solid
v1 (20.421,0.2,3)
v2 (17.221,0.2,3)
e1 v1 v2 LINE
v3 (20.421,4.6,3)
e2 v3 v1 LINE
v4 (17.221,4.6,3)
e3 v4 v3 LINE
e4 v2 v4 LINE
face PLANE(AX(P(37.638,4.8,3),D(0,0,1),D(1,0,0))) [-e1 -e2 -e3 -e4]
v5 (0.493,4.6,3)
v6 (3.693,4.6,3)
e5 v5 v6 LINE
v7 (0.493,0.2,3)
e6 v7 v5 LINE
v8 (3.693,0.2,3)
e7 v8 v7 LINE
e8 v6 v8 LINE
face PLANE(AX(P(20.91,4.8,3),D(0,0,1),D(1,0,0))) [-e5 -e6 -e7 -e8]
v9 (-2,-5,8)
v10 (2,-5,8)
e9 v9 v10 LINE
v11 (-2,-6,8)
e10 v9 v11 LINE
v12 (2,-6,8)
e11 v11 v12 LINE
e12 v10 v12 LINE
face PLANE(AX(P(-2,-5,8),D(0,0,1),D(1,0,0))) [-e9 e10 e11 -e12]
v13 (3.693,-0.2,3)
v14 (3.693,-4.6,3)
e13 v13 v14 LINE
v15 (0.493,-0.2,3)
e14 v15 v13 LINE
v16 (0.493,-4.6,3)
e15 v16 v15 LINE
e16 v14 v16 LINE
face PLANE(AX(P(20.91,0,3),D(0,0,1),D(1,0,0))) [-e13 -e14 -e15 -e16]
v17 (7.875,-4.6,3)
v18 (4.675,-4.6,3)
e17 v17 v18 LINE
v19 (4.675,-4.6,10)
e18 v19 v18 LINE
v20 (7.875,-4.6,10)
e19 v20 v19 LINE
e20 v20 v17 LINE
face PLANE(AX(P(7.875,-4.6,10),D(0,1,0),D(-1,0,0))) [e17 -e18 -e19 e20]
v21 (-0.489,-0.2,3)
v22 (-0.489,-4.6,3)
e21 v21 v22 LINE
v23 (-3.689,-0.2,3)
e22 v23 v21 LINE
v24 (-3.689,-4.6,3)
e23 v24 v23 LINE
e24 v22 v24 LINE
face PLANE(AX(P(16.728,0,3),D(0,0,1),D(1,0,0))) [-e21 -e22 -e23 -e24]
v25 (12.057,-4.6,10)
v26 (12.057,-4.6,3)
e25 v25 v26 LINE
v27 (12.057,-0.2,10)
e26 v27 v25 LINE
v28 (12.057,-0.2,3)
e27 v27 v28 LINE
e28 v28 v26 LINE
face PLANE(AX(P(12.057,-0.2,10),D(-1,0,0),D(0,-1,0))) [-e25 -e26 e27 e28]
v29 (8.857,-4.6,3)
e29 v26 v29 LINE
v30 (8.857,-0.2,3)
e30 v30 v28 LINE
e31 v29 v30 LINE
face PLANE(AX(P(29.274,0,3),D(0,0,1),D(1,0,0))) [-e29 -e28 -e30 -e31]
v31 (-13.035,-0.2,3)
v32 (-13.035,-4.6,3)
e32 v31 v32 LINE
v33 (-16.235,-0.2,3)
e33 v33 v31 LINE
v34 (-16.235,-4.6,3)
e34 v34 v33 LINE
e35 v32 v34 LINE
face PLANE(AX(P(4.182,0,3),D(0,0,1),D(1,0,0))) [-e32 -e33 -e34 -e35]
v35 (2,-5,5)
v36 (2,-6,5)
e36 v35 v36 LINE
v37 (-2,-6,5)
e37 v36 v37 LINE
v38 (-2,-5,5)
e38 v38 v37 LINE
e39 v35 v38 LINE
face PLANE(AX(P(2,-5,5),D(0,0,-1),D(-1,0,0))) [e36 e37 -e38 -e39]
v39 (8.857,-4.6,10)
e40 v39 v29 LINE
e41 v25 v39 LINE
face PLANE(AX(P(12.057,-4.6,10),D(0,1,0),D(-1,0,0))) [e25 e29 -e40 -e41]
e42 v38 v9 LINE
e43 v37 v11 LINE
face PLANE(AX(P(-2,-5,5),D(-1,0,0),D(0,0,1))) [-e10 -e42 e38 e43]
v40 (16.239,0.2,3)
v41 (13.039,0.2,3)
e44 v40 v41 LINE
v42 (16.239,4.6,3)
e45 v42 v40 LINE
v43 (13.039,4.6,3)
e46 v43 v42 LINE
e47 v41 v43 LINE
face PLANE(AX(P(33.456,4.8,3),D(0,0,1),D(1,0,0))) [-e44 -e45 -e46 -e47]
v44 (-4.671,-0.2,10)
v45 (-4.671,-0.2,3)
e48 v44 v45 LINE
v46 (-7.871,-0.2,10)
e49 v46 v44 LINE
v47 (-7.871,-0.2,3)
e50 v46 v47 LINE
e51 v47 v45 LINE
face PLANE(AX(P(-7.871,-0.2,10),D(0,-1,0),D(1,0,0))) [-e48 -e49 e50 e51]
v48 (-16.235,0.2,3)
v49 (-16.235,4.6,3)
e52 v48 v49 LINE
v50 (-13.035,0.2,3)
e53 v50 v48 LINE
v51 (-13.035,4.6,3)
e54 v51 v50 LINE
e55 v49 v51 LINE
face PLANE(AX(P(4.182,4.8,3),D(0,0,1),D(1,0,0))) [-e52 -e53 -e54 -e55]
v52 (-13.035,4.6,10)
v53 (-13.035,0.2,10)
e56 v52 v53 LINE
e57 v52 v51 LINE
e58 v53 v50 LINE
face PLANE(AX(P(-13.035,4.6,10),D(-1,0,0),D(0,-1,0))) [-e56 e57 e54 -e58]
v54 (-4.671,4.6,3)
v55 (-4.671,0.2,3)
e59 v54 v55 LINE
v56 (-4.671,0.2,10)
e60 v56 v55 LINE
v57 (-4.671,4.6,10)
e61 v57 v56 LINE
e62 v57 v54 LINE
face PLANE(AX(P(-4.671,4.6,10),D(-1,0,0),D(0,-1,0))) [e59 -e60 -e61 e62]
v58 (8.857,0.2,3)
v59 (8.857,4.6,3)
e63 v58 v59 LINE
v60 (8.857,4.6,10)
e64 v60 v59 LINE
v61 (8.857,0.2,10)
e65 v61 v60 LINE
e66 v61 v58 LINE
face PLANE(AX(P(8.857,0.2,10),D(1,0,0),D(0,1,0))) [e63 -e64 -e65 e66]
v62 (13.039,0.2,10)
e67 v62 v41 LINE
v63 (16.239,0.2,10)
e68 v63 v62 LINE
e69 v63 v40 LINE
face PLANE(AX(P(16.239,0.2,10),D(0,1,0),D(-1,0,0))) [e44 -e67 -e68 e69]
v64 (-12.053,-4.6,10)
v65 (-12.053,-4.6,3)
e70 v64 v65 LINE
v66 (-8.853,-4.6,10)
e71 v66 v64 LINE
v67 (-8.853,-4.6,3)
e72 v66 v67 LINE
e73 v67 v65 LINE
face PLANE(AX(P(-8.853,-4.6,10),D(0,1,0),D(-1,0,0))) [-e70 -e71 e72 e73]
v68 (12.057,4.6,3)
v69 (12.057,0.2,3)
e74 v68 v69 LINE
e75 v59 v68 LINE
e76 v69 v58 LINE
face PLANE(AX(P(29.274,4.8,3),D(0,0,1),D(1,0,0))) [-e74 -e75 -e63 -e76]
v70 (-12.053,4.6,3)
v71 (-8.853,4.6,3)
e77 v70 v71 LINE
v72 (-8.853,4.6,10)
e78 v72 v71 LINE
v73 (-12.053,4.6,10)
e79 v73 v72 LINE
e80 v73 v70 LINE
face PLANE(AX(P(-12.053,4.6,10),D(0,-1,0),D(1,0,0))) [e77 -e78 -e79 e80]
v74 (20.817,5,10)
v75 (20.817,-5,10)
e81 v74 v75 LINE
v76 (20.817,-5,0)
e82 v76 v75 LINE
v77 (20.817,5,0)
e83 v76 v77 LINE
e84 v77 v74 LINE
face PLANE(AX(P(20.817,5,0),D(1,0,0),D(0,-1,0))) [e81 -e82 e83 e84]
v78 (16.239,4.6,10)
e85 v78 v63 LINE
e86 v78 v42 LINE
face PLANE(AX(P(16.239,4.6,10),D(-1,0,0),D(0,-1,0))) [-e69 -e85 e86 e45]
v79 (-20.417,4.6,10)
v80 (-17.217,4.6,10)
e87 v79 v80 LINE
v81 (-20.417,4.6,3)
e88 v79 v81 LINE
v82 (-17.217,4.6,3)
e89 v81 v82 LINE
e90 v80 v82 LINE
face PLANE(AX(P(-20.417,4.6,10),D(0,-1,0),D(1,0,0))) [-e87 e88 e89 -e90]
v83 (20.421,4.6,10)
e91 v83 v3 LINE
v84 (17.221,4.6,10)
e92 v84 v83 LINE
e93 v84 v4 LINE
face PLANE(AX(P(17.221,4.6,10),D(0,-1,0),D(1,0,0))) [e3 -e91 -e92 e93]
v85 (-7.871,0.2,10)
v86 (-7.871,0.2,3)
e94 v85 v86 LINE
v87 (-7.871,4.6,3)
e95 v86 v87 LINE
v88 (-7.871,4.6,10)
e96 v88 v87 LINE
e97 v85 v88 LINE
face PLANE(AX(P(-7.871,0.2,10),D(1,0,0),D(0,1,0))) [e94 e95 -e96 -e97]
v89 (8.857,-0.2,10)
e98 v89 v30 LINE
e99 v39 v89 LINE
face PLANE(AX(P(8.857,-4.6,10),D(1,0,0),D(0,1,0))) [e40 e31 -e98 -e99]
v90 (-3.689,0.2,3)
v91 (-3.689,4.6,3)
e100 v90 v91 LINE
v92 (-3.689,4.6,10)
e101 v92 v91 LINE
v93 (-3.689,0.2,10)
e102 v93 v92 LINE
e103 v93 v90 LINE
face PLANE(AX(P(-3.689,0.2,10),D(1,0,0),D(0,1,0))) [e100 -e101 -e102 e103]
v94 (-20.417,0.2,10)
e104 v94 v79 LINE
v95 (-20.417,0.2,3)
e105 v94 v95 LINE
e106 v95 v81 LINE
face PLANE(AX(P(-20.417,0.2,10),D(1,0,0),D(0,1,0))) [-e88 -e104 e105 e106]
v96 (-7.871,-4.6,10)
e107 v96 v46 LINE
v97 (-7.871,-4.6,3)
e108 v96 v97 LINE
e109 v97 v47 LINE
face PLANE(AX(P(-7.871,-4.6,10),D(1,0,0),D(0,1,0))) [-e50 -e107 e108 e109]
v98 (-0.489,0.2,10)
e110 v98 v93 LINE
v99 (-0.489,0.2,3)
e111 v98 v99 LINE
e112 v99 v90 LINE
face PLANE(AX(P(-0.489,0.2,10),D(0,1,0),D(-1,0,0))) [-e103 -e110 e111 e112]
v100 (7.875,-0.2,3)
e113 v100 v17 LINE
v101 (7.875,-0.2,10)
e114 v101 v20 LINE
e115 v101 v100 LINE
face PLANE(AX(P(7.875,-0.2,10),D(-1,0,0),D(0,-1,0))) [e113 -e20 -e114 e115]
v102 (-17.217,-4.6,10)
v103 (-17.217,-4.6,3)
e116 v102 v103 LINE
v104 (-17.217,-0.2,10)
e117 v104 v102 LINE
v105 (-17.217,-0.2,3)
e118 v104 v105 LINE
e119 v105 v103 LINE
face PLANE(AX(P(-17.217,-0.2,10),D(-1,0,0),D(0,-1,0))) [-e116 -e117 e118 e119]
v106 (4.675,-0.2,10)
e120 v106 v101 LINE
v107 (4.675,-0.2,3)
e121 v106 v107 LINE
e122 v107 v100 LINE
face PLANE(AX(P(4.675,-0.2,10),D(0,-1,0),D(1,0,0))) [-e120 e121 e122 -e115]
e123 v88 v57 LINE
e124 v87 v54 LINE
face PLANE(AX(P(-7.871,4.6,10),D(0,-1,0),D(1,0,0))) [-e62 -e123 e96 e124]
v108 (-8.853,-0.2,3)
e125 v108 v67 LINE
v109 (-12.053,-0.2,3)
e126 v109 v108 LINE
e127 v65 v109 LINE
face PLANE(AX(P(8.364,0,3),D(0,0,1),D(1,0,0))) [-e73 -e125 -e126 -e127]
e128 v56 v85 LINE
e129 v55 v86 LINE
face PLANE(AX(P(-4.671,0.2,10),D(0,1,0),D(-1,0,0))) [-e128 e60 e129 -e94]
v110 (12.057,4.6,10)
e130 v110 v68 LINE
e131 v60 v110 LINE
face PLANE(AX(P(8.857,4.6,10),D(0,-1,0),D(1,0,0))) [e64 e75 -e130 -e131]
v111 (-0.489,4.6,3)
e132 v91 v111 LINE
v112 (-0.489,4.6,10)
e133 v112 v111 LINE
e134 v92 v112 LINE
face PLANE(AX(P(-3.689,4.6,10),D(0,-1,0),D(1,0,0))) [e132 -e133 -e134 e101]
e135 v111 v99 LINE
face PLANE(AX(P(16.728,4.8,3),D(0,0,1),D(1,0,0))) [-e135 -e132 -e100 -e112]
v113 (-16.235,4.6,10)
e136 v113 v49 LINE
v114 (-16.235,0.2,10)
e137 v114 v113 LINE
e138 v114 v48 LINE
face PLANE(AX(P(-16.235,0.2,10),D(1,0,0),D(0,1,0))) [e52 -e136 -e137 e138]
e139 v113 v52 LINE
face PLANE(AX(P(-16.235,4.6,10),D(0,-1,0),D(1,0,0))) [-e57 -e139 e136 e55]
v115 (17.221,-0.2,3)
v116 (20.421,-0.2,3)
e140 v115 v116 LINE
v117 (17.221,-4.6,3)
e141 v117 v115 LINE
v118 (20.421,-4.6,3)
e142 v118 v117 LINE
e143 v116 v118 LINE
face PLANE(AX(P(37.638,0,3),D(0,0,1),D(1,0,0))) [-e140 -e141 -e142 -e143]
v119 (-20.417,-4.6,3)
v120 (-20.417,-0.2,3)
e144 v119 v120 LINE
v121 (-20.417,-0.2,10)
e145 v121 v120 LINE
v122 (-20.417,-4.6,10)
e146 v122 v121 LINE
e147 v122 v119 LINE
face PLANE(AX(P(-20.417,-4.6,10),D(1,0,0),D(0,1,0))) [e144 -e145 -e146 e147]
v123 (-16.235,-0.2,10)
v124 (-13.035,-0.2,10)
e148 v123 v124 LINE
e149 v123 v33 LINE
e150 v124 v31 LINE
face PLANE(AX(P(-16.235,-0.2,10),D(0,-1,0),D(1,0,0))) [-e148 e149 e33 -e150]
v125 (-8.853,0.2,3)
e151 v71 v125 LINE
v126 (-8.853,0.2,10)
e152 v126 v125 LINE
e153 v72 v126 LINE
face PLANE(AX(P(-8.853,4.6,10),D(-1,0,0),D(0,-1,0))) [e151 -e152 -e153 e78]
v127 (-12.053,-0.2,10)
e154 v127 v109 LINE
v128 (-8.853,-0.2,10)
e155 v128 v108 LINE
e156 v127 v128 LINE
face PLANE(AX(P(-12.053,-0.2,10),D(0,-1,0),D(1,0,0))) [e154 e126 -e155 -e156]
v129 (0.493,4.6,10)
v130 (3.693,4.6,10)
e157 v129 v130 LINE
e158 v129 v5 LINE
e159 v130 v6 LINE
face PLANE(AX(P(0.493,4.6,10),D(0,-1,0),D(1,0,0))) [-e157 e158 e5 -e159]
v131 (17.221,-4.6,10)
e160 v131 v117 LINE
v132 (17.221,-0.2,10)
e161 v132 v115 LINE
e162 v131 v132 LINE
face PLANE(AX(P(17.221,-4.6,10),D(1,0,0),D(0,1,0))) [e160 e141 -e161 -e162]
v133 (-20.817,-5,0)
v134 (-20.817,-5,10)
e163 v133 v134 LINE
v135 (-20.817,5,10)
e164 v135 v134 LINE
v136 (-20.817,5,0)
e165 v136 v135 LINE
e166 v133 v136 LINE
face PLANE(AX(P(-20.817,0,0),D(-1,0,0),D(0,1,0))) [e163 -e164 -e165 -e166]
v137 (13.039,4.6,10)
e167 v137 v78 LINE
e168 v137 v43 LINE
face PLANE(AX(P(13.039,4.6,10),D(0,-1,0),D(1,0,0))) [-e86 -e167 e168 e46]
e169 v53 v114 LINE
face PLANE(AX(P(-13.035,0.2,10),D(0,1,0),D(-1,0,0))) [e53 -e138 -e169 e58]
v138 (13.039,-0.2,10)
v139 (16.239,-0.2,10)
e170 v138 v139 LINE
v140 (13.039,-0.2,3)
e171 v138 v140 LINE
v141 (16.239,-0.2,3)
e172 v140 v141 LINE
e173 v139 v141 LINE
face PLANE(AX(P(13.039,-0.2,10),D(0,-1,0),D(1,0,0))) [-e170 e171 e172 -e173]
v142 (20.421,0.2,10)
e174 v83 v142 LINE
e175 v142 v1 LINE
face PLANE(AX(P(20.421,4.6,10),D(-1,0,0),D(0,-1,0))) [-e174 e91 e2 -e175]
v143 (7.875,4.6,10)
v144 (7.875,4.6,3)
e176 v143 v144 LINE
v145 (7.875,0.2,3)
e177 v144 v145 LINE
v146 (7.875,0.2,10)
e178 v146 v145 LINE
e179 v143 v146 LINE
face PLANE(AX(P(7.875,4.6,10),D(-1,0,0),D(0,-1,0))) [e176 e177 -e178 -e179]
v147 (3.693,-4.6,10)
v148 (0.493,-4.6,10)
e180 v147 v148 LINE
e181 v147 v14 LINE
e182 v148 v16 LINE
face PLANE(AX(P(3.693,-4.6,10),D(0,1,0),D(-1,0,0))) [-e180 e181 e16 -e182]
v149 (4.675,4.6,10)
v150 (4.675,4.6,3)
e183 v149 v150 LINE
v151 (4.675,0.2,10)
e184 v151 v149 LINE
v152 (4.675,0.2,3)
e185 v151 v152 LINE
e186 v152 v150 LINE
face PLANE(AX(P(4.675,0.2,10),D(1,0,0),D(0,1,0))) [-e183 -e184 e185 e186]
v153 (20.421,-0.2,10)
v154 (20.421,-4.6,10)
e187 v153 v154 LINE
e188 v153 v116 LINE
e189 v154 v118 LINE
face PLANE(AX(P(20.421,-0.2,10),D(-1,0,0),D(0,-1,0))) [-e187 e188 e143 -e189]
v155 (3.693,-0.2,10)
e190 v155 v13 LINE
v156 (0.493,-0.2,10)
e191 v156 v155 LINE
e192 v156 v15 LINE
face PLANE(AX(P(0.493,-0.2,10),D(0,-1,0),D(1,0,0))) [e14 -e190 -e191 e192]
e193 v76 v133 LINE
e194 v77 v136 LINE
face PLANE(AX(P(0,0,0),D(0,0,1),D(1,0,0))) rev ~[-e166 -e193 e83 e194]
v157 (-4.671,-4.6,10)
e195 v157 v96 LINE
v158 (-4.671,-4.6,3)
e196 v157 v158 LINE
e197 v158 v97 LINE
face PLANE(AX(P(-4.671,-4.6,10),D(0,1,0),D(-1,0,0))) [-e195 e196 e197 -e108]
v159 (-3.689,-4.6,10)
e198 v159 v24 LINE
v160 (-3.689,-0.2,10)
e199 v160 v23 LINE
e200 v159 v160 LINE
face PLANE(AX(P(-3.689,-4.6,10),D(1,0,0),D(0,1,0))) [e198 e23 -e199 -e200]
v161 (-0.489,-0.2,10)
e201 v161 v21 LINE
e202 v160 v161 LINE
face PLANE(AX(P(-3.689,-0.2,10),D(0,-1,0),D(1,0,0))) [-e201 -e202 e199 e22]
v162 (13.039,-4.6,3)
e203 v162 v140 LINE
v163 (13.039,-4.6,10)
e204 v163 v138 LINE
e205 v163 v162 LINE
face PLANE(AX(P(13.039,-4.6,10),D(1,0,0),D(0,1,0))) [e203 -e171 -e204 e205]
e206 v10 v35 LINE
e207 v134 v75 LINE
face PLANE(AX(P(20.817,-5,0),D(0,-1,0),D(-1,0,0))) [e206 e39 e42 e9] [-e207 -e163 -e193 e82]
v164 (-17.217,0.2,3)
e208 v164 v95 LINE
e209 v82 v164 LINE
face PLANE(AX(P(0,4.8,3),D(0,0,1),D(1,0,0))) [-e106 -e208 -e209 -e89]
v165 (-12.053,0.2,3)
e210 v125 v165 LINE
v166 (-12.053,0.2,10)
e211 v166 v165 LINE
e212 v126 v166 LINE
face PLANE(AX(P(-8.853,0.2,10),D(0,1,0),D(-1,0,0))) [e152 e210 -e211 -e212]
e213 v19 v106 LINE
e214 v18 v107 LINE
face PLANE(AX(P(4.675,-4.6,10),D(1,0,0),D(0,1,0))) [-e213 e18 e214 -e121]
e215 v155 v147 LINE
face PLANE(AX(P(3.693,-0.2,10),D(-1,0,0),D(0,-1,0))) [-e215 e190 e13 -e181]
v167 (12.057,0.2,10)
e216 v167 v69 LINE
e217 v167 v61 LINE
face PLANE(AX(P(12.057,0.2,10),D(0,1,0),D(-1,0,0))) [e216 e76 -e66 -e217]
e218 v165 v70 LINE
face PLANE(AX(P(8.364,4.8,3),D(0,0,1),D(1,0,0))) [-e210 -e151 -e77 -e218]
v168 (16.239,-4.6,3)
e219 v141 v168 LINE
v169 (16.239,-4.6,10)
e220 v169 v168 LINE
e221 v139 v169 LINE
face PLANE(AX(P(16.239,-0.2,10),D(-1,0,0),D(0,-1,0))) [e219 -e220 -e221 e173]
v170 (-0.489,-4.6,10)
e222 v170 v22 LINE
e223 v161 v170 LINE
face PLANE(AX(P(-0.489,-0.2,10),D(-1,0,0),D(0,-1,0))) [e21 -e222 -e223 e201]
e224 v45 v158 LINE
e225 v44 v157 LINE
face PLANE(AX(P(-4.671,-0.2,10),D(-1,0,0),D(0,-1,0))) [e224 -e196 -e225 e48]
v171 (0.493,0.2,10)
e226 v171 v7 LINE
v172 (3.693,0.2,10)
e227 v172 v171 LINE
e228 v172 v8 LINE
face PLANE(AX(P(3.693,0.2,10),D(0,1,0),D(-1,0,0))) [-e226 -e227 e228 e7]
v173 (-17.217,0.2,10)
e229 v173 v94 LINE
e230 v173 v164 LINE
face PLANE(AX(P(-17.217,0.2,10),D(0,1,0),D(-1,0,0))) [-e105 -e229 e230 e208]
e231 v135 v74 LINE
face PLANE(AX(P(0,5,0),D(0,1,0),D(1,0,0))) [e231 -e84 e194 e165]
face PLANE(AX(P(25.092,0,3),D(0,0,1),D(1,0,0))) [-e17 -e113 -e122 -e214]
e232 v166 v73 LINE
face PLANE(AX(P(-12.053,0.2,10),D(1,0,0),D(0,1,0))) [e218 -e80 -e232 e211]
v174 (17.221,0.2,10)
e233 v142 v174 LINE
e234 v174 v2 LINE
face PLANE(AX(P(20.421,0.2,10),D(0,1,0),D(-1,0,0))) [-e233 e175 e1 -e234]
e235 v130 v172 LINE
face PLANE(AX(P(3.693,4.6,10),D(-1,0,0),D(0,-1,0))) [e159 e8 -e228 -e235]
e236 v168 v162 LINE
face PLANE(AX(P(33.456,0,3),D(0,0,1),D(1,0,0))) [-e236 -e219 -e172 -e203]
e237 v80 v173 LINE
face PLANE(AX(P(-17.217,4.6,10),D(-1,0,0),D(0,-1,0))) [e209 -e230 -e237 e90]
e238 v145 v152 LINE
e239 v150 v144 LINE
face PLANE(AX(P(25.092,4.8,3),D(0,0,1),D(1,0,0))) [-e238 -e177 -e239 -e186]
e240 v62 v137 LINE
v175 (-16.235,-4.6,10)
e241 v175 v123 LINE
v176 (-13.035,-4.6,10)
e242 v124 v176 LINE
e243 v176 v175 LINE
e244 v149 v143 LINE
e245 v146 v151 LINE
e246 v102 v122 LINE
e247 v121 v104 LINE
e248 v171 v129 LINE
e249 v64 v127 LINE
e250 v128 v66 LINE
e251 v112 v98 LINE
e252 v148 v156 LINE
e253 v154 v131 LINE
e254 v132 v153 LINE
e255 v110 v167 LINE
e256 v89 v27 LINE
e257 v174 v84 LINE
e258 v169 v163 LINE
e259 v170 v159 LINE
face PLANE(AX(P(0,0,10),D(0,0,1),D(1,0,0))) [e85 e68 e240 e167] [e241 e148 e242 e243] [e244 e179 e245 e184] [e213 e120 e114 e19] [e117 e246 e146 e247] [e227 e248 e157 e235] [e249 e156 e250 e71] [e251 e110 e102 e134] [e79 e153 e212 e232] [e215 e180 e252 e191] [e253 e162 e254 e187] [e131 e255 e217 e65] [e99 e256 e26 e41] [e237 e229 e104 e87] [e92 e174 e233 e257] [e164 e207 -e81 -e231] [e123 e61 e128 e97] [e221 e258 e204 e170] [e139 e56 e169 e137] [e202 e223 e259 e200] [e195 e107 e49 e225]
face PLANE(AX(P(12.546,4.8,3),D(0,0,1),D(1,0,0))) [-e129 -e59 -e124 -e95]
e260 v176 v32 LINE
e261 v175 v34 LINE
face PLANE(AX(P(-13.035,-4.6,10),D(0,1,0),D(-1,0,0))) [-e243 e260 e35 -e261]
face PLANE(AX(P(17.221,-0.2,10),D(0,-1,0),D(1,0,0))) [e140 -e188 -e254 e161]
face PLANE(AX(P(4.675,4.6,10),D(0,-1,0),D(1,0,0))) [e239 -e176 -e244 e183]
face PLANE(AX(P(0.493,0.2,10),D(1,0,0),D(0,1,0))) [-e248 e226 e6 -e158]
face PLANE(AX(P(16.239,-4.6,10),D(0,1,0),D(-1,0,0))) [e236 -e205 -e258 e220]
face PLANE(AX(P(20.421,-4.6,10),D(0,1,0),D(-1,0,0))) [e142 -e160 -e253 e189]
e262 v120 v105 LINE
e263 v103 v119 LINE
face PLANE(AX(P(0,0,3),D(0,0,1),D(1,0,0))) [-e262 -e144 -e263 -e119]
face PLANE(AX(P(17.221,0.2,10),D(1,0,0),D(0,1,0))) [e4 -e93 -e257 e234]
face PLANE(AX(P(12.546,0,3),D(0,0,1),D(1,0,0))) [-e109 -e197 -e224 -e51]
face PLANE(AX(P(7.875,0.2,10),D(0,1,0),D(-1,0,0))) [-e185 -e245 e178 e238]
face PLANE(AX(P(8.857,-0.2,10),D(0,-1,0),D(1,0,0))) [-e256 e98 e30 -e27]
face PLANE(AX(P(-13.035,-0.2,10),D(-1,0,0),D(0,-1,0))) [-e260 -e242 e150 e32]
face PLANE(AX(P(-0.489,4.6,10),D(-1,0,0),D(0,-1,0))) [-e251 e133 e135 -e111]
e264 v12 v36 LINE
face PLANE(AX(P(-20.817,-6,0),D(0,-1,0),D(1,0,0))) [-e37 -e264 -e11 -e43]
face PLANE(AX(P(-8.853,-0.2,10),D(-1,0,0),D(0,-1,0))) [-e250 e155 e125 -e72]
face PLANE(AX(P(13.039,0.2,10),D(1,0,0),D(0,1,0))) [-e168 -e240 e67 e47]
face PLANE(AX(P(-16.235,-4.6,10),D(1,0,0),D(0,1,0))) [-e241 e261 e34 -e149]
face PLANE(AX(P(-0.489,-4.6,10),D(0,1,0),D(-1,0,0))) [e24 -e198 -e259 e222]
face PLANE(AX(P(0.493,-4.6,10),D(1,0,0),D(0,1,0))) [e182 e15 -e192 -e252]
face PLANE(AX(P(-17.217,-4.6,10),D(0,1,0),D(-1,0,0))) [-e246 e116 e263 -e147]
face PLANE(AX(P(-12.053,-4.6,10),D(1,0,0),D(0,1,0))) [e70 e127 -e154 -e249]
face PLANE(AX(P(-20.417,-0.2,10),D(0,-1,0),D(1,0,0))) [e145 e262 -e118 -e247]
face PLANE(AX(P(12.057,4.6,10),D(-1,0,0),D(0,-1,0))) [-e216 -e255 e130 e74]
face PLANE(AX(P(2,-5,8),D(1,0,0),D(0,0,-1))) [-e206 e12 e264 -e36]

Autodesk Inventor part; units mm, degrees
ref_plane "YZ Plane" through (0, 0, 0) normal (1, 0, 0) x (0, 1, 0)
ref_plane "XZ Plane" through (0, 0, 0) normal (0, 1, 0) x (-1, 0, 0)
sketch "Sketch1" plane through (0, 0, 0) normal (0, 0, 1) x (1, 0, 0)
  line L0 (0, 8) -> (0, -6) projected
  line L1 (-24.9804, 0) -> (33.3072, 0) projected
  line L2 (-20.817, 5) -> (20.817, 5)
  line L3 (20.817, 5) -> (20.817, -5)
  line L4 (20.817, -5) -> (-20.817, -5)
  line L5 (-20.817, -5) -> (-20.817, 5)
  dimension "d0" = 41.634
  dimension "d1" = 10
extrude "Extrusion1" add sketch "Sketch1" along normal blind 10
sketch "Sketch5" plane through (-20.817, -5, 0) normal (0, -1, 0) x (1, 0, 0)
  line L0 (41.634, 10) -> (0, 10)
  line L1 (18.817, 8) -> (22.817, 8)
  line L2 (22.817, 8) -> (22.817, 5)
  line L3 (22.817, 5) -> (18.817, 5)
  line L4 (18.817, 5) -> (18.817, 8)
  point P0 (20.817, 8)
  point P1 (20.817, 10)
  dimension "d20" = 4
  dimension "d21" = 3
  dimension "d22" = 2
extrude "Extrusion5" add sketch "Sketch5" along normal blind 1
ref_plane "Work Plane1" through (0, 0, 10) normal (0, 0, 1) x (1, 0, 0)
sketch "Sketch11" plane through (0, 0, 10) normal (0, 0, 1) x (1, 0, 0)
  line L0 (-17.217, -4.6) -> (-20.417, -4.6)
  line L1 (-20.417, -4.6) -> (-20.417, -0.2)
  line L2 (-20.417, -0.2) -> (-17.217, -0.2)
  line L3 (-17.217, -0.2) -> (-17.217, -4.6)
extrude "Extrusion11" cut sketch "Sketch11" against normal blind 7
pattern_linear "Rectangular Pattern3" count 10 spacing 4.182 along (1, 0, 0) count 2 spacing 4.8 along (0, 1, 0) of "Extrusion11"
properties part number "Power Supply Header 1"
